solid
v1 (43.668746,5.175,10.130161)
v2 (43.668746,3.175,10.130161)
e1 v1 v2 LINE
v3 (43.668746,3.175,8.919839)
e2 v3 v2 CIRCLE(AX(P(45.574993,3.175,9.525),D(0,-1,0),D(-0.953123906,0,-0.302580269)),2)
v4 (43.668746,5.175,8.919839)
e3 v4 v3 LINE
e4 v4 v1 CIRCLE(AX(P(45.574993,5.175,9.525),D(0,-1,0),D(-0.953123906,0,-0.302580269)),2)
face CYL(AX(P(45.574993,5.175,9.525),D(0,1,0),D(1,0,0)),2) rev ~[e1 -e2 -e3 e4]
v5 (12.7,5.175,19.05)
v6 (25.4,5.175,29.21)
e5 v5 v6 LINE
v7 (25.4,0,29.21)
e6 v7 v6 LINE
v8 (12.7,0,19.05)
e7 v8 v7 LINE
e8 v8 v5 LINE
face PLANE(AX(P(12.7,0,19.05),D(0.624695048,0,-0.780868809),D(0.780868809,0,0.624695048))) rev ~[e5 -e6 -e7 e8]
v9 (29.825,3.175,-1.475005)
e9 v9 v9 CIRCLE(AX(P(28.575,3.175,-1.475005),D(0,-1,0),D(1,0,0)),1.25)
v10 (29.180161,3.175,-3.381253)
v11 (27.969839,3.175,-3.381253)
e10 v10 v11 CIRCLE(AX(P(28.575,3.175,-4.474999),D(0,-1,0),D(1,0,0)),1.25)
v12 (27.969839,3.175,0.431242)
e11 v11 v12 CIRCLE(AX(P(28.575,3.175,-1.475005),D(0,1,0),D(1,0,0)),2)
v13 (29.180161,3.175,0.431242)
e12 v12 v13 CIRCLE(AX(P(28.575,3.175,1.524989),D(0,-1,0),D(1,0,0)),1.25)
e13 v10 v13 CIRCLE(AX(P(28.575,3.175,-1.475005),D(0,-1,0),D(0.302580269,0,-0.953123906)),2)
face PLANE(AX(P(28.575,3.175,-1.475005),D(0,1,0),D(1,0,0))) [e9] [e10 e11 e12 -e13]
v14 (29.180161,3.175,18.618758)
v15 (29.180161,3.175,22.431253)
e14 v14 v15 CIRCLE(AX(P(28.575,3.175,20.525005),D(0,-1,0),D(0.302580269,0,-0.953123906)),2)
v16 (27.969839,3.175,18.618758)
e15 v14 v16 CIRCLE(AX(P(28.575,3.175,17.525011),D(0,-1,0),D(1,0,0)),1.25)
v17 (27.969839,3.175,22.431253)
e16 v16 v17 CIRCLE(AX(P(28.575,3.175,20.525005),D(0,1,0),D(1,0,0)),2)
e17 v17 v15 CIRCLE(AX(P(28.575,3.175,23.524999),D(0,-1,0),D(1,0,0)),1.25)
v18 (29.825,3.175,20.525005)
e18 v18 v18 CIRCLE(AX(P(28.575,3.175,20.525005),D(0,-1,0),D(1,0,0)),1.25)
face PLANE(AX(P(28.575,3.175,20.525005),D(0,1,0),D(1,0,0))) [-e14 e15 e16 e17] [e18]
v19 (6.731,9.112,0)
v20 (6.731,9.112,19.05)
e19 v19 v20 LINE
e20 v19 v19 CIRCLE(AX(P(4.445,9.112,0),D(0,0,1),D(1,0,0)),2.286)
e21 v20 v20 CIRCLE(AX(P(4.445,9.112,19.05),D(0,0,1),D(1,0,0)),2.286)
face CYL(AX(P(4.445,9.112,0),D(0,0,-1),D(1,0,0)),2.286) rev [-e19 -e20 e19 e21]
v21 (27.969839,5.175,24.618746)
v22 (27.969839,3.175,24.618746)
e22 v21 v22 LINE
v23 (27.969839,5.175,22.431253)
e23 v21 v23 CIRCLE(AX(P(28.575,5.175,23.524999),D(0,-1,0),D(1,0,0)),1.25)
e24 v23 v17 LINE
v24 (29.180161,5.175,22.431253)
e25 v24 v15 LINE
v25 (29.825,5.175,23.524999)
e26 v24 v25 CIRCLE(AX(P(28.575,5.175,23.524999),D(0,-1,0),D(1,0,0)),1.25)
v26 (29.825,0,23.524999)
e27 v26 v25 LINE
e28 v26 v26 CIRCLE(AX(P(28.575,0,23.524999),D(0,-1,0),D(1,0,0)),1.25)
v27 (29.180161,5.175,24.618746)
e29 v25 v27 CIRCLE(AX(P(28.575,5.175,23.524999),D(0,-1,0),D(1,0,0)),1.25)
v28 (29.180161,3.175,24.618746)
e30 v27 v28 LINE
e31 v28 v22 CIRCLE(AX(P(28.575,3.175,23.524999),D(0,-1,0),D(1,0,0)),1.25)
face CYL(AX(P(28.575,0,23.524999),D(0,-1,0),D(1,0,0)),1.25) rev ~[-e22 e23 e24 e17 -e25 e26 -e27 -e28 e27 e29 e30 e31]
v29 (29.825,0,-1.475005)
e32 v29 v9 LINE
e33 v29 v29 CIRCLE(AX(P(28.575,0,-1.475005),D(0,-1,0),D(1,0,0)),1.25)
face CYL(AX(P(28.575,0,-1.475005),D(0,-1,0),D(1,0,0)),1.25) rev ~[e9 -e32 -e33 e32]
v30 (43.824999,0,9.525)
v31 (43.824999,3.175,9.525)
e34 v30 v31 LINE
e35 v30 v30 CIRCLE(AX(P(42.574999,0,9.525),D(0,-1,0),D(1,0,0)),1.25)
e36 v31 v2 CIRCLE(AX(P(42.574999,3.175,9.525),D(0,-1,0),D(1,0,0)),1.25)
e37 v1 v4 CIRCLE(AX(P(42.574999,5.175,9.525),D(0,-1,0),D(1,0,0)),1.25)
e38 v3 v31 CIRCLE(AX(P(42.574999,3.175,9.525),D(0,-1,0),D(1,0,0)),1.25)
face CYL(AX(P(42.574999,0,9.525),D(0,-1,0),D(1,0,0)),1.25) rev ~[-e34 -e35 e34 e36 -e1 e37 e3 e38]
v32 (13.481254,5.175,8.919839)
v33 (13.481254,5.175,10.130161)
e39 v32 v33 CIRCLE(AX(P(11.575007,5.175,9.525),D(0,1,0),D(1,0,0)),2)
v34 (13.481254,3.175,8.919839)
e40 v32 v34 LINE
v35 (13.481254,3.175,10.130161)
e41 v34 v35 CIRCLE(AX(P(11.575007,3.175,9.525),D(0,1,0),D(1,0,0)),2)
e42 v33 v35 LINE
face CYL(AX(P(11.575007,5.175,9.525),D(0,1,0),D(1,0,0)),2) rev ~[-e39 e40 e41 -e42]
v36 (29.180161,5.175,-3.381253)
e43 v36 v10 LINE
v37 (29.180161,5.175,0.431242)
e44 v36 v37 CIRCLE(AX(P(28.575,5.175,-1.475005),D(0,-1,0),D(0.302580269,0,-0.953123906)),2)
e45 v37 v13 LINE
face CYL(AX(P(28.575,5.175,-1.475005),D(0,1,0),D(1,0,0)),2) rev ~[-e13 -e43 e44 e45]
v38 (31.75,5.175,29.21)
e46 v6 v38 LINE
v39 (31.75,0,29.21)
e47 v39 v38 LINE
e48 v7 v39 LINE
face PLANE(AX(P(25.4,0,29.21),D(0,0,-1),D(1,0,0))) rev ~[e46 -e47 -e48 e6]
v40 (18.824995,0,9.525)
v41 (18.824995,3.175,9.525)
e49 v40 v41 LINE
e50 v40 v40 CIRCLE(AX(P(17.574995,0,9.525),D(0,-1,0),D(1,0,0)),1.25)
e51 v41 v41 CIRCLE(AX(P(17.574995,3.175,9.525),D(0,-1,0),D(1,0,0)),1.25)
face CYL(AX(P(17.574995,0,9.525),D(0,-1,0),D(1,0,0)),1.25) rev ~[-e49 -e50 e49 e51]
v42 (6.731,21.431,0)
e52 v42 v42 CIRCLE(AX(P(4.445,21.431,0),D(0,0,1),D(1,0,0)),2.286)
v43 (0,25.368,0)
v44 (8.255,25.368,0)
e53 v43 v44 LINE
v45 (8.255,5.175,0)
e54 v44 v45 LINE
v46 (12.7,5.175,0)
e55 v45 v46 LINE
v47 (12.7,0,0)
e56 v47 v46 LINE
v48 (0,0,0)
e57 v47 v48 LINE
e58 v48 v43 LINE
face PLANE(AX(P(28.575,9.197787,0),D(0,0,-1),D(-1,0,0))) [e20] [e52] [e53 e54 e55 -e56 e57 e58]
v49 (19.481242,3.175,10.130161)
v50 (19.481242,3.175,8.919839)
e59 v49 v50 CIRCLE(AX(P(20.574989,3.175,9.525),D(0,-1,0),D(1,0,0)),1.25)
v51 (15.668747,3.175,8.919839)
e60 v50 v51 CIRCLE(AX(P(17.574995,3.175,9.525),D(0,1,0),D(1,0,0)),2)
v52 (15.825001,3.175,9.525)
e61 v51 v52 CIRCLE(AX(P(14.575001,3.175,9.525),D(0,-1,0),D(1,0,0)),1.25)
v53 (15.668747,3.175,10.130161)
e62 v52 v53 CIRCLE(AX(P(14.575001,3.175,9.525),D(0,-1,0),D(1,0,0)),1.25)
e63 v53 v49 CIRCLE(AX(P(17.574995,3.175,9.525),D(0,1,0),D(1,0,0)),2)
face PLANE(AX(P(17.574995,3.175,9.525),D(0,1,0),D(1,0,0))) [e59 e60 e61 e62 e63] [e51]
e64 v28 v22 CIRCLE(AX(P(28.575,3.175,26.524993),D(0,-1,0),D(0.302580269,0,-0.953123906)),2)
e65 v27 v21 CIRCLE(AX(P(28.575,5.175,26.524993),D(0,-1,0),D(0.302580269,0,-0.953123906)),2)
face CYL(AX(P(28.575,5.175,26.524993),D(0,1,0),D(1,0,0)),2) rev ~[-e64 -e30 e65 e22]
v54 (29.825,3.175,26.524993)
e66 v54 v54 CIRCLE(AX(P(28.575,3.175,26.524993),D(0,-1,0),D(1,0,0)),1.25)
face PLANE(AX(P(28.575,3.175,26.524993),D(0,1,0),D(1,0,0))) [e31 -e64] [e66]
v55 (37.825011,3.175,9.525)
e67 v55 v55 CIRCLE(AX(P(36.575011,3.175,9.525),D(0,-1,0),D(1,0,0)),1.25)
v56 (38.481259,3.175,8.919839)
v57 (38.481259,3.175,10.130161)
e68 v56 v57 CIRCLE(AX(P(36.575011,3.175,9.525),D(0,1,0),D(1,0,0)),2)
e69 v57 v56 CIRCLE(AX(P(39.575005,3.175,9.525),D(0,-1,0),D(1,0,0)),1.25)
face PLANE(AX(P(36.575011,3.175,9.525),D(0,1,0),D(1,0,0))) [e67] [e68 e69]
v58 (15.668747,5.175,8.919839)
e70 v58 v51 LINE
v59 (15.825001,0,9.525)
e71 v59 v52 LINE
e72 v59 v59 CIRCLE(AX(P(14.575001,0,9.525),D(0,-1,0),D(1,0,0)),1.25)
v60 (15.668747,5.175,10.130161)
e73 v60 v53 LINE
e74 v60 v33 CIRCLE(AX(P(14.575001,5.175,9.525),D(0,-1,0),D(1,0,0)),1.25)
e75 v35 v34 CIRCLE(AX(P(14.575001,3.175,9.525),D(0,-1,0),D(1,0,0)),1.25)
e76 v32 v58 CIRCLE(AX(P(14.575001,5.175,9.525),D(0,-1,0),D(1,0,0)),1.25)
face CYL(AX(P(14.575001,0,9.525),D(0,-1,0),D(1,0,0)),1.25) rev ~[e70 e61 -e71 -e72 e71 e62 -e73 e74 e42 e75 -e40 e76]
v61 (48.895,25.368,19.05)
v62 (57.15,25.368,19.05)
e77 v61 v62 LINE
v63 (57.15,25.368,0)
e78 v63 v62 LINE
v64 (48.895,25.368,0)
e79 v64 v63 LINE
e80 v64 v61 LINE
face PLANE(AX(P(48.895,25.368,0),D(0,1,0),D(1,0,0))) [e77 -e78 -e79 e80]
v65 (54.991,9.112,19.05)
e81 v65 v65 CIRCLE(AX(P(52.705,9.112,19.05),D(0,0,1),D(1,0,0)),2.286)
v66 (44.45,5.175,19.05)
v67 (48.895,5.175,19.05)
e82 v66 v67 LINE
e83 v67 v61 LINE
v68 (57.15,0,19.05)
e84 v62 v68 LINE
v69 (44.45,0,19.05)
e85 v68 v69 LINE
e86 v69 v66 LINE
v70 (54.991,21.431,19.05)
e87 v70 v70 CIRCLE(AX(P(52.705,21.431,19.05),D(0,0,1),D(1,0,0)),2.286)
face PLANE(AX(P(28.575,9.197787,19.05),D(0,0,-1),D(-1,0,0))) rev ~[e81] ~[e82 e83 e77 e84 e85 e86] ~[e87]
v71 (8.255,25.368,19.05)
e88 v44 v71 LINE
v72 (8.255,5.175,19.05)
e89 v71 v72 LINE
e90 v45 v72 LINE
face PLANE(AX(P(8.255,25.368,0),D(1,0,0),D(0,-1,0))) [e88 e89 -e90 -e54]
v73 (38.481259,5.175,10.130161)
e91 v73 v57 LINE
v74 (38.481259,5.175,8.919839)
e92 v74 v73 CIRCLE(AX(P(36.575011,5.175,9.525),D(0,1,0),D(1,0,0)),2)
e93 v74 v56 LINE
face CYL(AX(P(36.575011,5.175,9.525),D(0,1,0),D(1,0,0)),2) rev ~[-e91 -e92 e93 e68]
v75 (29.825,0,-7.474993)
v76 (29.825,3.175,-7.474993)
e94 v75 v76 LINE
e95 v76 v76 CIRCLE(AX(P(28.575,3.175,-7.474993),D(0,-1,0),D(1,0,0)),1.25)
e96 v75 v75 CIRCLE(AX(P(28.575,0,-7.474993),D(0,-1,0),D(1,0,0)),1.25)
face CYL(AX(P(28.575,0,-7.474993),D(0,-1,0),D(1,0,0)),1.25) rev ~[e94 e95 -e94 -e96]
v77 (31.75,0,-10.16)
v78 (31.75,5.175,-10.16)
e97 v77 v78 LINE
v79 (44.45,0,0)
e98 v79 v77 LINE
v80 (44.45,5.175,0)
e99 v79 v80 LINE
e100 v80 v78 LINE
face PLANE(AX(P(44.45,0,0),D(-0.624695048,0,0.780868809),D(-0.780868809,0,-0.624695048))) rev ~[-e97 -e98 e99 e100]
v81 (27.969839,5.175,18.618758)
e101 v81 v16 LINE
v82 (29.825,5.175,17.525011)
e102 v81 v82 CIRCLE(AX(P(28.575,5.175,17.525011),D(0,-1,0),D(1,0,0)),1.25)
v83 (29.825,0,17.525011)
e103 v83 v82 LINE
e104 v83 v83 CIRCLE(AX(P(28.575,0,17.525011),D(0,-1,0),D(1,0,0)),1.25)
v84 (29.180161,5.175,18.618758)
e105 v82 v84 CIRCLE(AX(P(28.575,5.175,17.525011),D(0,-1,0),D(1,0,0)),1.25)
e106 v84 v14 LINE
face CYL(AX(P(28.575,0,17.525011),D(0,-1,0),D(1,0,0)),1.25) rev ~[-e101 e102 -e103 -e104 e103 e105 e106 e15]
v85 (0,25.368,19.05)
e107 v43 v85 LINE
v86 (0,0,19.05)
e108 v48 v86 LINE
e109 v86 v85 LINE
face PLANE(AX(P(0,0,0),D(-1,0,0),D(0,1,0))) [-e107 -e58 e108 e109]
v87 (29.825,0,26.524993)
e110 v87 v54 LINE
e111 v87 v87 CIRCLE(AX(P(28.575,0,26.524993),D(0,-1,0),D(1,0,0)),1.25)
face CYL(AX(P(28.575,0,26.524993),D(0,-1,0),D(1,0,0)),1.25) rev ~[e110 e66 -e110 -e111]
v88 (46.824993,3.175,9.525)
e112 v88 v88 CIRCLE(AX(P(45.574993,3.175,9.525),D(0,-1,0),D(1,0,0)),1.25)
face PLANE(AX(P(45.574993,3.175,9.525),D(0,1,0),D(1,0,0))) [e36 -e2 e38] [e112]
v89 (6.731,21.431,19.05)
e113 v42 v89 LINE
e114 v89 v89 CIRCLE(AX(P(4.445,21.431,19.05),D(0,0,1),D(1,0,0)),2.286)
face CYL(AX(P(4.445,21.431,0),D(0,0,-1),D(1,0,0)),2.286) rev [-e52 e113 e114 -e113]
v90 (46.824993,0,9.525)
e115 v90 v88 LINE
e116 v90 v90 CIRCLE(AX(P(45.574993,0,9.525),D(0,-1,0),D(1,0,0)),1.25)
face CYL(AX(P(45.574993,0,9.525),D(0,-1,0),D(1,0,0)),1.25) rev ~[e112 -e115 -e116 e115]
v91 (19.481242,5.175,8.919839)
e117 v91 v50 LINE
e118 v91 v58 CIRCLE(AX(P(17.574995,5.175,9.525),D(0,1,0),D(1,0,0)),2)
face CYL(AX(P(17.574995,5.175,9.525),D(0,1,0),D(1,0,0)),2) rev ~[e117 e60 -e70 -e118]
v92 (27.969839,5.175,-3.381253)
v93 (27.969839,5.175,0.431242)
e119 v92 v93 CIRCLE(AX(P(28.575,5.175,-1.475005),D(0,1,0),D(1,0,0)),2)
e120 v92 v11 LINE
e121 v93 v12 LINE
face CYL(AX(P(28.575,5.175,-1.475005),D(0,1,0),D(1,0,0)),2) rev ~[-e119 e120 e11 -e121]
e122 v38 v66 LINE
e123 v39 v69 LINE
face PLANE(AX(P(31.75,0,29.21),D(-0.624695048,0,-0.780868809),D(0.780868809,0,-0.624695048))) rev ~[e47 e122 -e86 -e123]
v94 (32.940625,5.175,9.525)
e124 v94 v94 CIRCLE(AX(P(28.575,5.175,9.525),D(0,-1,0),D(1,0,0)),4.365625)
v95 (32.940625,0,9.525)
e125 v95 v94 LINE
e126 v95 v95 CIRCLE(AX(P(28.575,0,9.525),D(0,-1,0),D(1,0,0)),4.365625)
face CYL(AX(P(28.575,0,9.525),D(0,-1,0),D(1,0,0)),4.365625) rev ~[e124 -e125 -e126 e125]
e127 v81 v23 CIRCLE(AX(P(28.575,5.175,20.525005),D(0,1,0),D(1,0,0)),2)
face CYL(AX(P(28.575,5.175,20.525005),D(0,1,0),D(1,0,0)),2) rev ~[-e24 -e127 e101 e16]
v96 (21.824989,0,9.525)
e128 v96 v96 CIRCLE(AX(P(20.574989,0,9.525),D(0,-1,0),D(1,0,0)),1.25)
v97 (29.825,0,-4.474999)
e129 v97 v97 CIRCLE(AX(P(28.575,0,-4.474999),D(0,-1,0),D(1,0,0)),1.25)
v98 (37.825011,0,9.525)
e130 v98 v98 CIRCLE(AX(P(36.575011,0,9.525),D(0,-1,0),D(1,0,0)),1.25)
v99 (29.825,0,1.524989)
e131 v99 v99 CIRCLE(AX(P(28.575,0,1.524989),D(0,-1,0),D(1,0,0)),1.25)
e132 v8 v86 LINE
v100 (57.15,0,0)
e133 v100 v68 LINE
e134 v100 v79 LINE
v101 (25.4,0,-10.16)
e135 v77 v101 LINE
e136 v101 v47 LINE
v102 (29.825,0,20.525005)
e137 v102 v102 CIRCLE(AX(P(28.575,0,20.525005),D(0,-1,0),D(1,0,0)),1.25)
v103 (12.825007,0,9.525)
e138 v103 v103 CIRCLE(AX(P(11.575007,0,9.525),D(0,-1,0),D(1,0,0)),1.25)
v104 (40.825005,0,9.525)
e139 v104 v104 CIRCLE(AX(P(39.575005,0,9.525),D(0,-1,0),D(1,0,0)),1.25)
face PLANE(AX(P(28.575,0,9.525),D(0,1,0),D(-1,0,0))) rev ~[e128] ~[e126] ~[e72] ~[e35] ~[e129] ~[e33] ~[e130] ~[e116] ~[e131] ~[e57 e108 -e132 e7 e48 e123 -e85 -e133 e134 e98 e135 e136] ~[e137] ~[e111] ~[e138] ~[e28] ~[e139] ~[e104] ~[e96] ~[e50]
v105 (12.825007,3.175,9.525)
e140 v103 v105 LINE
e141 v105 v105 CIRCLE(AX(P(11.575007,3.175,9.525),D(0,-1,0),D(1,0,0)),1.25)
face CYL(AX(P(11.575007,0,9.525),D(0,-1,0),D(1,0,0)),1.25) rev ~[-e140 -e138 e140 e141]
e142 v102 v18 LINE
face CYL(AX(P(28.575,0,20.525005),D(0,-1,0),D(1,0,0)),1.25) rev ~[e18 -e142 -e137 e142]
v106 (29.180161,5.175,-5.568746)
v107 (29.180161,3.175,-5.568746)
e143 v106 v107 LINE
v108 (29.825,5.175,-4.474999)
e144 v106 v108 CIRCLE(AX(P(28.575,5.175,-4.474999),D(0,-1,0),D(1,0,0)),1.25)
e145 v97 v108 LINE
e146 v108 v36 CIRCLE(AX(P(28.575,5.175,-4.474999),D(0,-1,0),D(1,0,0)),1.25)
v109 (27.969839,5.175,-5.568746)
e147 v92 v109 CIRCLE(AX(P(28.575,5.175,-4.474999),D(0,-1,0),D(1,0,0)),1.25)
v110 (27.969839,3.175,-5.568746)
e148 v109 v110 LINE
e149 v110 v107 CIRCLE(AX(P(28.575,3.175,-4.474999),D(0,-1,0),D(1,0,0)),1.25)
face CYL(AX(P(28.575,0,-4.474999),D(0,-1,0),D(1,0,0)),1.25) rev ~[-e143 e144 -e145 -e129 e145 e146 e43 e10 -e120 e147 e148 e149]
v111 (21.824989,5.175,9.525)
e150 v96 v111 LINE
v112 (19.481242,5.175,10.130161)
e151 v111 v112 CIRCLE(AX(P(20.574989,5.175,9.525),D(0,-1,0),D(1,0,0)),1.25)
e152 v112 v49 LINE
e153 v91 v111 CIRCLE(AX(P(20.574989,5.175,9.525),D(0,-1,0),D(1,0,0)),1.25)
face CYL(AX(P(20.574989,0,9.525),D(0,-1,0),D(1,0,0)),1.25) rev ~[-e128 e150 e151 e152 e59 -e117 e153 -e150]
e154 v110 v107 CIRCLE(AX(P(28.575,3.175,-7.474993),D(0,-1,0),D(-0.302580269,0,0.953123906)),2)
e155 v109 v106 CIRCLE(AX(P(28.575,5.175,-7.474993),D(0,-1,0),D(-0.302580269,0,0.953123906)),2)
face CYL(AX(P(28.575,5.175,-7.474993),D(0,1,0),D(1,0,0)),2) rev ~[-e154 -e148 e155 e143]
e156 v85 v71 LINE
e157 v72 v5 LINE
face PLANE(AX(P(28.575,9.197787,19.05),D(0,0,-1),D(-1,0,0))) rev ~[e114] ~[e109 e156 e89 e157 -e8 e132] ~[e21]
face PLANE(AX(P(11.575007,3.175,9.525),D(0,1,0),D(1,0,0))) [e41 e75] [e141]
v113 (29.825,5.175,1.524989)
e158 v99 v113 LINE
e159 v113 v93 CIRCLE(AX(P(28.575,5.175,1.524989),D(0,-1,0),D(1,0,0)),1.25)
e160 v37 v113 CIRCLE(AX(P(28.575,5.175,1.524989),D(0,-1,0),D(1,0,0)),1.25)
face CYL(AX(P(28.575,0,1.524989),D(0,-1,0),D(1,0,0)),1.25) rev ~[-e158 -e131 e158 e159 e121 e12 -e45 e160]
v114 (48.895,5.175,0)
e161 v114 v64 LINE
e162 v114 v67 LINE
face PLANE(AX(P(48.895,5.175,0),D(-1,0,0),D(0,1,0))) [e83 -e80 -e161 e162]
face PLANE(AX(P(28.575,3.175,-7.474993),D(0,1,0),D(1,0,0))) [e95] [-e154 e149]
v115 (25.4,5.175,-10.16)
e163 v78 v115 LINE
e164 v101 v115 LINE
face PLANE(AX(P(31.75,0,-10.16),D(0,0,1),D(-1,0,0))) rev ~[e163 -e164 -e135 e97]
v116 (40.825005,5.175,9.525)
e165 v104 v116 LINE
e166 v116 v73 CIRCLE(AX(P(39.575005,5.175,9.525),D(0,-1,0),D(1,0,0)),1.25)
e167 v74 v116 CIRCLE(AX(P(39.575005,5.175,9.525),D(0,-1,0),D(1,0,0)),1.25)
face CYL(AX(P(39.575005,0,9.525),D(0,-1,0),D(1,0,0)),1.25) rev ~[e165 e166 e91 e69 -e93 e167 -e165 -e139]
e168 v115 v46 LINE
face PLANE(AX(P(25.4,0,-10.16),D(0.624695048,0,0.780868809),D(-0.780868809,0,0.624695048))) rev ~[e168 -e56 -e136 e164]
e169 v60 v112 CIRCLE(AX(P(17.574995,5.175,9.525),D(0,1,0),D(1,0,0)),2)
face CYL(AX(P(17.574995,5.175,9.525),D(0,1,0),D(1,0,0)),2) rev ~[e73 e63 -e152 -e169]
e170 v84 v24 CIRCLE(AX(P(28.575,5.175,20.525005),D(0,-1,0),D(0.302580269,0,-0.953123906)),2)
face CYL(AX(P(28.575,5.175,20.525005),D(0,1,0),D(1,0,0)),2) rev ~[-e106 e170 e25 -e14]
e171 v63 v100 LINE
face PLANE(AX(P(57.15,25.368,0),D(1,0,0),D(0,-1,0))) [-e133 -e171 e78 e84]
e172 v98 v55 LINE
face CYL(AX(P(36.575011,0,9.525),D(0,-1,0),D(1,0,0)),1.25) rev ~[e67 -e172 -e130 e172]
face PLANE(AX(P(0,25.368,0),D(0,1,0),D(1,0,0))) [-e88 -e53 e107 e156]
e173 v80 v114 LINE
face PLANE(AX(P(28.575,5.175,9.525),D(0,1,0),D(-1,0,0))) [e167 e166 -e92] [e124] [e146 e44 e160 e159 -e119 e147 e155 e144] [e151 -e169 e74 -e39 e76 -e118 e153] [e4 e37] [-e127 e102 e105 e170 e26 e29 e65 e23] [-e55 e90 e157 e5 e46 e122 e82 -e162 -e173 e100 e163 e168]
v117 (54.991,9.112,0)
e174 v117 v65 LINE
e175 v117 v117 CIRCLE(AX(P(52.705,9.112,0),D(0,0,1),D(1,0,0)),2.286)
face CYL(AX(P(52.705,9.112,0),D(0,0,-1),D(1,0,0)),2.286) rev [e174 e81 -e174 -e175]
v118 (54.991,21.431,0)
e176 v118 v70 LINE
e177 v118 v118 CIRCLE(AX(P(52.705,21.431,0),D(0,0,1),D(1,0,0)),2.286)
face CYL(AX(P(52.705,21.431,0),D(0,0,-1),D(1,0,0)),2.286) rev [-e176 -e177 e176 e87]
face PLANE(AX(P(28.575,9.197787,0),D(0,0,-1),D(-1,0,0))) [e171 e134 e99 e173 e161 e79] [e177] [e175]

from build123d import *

# Parameters (mm, degrees)
SKETCH1_R           = 2.286
BOSS_EXTRUDE1_DEPTH = 19.05
BOSS_EXTRUDE2_DEPTH = 5.175
SKETCH2_R           = 1.25
SKETCH2_R_2         = 4.365625
CUT_EXTRUDE1_DEPTH  = 5.175
SKETCH4_R           = 2
CUT_EXTRUDE2_DEPTH  = 2


with BuildPart() as part:
    # Sketch1 → Boss-Extrude1 (new body)
    with BuildSketch(Plane.XY):
        Polygon((8.255, 25.368), (8.255, 5.175), (48.895, 5.175), (48.895, 25.368), (57.15, 25.368), (57.15, 0), (0, 0), (0, 25.368), align=None)
        with Locations((4.445, 21.431)):
            Circle(SKETCH1_R, mode=Mode.SUBTRACT)
        with Locations((4.445, 9.112)):
            Circle(SKETCH1_R, mode=Mode.SUBTRACT)
        with Locations((52.705, 9.112)):
            Circle(SKETCH1_R, mode=Mode.SUBTRACT)
        with Locations((52.705, 21.431)):
            Circle(SKETCH1_R, mode=Mode.SUBTRACT)
    extrude(amount=BOSS_EXTRUDE1_DEPTH)

    # Sketch3 → Boss-Extrude2 (add)
    with BuildSketch(Plane.XZ):
        Polygon((25.4, 29.21), (31.75, 29.21), (44.45, 19.05), (44.45, 0), (31.75, -10.16), (25.4, -10.16), (12.7, 0), (12.7, 19.05), align=None)
    extrude(amount=-BOSS_EXTRUDE2_DEPTH)

    # Sketch2 → Cut-Extrude1 (cut)
    with BuildSketch(Plane.XZ):
        with Locations((36.5750114, 9.525)):
            Circle(SKETCH2_R)
        with Locations((39.5750054, 9.525)):
            Circle(SKETCH2_R)
        with Locations((42.5749994, 9.525)):
            Circle(SKETCH2_R)
        with Locations((45.5749934, 9.525)):
            Circle(SKETCH2_R)
        with Locations((28.575, 1.5249886)):
            Circle(SKETCH2_R)
        with Locations((28.575, -1.4750054)):
            Circle(SKETCH2_R)
        with Locations((28.575, -4.4749994)):
            Circle(SKETCH2_R)
        with Locations((28.575, -7.4749934)):
            Circle(SKETCH2_R)
        with Locations((20.5749886, 9.525)):
            Circle(SKETCH2_R)
        with Locations((17.5749946, 9.525)):
            Circle(SKETCH2_R)
        with Locations((14.5750006, 9.525)):
            Circle(SKETCH2_R)
        with Locations((11.5750066, 9.525)):
            Circle(SKETCH2_R)
        with Locations((28.575, 17.5250114)):
            Circle(SKETCH2_R)
        with Locations((28.575, 20.5250054)):
            Circle(SKETCH2_R)
        with Locations((28.575, 23.5249994)):
            Circle(SKETCH2_R)
        with Locations((28.575, 26.5249934)):
            Circle(SKETCH2_R)
        with Locations((28.575, 9.525)):
            Circle(SKETCH2_R_2)
    extrude(amount=-CUT_EXTRUDE1_DEPTH, mode=Mode.SUBTRACT)

    # Sketch4 → Cut-Extrude2 (cut)
    with BuildSketch(Plane(origin=(0, 5.175, 0), x_dir=(1, 0, 0), z_dir=(0, 1, 0))):
        with Locations((28.575, 1.4750054)):
            Circle(SKETCH4_R)
        with Locations((28.575, 7.4749934)):
            Circle(SKETCH4_R)
        with Locations((11.5750066, -9.525)):
            Circle(SKETCH4_R)
        with Locations((17.5749946, -9.525)):
            Circle(SKETCH4_R)
        with Locations((36.5750114, -9.525)):
            Circle(SKETCH4_R)
        with Locations((28.575, -20.5250054)):
            Circle(SKETCH4_R)
        with Locations((45.5749934, -9.525)):
            Circle(SKETCH4_R)
        with Locations((28.575, -26.5249934)):
            Circle(SKETCH4_R)
    extrude(amount=-CUT_EXTRUDE2_DEPTH, mode=Mode.SUBTRACT)


solid = part.part
